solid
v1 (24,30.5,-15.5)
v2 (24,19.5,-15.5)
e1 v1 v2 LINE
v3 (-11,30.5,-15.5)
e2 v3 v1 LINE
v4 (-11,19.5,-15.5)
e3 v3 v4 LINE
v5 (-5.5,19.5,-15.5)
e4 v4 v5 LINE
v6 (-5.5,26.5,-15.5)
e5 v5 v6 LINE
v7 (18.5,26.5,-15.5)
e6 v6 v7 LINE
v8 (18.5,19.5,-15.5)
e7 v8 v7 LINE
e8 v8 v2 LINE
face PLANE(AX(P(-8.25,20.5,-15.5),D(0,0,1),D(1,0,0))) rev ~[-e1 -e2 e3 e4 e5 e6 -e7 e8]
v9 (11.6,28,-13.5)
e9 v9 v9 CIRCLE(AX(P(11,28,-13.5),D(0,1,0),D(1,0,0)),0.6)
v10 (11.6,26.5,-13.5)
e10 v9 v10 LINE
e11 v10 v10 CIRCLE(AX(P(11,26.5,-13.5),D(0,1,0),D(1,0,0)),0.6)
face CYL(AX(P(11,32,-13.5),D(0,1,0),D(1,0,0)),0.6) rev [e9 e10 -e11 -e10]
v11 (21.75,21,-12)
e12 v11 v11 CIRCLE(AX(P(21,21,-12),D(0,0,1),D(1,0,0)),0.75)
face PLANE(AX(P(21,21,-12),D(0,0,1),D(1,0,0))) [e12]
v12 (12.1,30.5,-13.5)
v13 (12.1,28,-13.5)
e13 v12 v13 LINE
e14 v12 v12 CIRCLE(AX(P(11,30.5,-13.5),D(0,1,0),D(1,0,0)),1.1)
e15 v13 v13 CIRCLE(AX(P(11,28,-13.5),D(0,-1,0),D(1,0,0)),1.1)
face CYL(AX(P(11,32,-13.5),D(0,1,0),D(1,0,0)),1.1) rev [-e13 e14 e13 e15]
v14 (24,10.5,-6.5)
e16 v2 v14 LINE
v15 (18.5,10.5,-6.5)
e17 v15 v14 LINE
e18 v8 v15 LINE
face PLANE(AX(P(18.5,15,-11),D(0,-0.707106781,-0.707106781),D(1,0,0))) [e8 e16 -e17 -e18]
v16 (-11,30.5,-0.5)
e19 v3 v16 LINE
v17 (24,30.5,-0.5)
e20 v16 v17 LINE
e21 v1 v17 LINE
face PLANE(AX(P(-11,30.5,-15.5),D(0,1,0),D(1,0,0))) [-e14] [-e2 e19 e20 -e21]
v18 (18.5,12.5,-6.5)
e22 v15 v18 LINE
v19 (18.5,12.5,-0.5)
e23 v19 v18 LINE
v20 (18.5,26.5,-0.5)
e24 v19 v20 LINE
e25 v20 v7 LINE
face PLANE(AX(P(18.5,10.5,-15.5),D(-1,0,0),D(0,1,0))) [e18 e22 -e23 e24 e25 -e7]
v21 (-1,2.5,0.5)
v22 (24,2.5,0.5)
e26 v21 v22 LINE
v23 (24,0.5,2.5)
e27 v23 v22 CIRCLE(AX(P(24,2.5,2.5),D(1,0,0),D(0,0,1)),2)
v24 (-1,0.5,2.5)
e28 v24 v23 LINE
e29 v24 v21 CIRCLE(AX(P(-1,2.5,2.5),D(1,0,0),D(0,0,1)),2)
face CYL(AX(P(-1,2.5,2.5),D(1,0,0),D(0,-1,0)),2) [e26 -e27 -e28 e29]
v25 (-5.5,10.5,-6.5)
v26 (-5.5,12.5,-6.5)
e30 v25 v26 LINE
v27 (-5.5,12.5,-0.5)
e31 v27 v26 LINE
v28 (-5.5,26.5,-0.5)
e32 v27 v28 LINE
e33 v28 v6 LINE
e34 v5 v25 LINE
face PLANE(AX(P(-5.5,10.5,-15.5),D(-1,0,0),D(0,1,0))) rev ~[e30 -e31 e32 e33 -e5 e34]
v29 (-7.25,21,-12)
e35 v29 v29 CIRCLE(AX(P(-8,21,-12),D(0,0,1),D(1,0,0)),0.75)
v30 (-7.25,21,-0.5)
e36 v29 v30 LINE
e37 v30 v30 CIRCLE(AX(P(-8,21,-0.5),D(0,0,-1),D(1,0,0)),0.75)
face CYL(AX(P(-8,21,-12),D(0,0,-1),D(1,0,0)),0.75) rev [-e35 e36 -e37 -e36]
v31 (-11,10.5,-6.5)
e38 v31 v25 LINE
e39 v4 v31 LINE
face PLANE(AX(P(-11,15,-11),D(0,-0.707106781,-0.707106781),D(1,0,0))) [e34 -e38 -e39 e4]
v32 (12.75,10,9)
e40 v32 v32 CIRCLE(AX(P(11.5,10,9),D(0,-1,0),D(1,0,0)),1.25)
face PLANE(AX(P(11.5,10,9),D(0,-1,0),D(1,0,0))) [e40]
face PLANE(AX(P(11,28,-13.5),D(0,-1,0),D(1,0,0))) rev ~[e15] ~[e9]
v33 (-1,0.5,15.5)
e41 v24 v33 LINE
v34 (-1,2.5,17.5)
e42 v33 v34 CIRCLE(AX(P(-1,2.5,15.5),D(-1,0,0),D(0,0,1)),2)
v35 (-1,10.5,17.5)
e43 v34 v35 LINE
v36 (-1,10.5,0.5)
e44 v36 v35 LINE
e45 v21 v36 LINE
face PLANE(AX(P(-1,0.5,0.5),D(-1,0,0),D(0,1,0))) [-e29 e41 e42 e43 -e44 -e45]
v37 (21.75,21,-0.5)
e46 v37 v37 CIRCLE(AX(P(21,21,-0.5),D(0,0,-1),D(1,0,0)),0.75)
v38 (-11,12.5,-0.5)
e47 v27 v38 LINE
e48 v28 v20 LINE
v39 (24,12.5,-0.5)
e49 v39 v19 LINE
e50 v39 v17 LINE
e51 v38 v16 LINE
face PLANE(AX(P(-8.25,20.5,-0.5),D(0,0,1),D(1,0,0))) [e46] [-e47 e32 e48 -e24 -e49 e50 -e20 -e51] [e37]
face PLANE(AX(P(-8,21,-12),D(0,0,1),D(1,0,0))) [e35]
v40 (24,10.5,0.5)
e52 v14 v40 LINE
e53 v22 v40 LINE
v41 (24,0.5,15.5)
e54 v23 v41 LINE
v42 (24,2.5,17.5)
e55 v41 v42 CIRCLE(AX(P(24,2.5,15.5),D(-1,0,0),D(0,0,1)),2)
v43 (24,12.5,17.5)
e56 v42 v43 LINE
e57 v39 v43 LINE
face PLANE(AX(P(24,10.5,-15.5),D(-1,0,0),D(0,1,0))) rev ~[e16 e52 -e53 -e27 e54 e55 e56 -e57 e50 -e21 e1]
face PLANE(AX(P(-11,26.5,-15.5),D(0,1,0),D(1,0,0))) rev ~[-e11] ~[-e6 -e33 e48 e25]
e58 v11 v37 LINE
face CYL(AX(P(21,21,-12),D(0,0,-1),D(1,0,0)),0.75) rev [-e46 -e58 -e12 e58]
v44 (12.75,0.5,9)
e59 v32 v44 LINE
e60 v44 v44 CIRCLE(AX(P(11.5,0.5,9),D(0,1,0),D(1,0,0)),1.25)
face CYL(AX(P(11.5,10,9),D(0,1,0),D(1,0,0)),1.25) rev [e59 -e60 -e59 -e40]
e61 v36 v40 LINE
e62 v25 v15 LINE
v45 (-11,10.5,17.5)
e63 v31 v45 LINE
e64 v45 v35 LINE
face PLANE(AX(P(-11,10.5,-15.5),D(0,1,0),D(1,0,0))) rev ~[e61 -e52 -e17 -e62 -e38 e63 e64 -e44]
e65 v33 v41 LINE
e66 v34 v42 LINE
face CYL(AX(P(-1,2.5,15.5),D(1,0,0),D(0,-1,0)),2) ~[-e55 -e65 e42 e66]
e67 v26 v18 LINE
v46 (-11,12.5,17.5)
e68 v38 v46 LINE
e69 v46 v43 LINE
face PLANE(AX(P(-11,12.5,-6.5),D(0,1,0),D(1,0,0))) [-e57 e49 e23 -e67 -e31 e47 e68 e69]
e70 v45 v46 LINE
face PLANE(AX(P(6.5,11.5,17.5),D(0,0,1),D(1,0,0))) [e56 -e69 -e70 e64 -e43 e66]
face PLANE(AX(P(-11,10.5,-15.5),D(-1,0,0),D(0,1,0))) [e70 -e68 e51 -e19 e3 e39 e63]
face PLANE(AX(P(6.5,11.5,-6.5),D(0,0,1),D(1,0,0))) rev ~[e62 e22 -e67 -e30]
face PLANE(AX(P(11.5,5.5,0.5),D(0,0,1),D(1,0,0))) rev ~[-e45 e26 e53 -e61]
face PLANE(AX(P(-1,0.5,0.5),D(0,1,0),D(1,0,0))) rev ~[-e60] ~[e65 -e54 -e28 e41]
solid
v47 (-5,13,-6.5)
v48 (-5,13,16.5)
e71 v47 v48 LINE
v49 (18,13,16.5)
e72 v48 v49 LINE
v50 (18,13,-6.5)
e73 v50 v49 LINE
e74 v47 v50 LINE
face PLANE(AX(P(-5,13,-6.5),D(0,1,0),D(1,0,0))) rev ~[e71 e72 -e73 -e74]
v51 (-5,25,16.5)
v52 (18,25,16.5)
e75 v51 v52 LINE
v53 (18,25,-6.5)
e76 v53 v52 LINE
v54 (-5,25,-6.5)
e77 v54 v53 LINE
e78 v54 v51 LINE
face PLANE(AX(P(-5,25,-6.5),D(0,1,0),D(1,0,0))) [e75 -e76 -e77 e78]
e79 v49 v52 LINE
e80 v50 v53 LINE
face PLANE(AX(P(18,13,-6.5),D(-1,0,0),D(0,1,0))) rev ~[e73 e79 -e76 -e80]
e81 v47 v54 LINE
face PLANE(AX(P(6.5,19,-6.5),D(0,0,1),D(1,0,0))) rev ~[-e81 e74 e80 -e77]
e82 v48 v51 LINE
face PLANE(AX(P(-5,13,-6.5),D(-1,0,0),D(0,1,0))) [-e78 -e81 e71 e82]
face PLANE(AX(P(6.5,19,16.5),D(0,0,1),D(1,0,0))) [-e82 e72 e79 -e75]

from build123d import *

# Parameters (mm, degrees)
BOX003_W               = 23
BOX003_H               = 12
BOX003_DEPTH           = 23
CYLINDER004_R          = 1.25
CYLINDER004_DEPTH      = 10
CYLINDER004_ROLL_ANGLE = 90
CYLINDER003_R          = 0.75
CYLINDER003_DEPTH      = 12
CYLINDER002_R          = 0.75
CYLINDER002_DEPTH      = 12
CYLINDER001_R          = 0.6
CYLINDER001_DEPTH      = 7
CYLINDER001_ROLL_ANGLE = 90
CYLINDER_R             = 1.1
CYLINDER_DEPTH         = 4
CYLINDER_ROLL_ANGLE    = 90
BOX_W                  = 5.5
BOX_H                  = 20
BOX_DEPTH              = 15
BOX006_W               = 35
BOX006_H               = 4
BOX006_DEPTH           = 15
BOX005_W               = 35
BOX005_H               = 2
BOX005_DEPTH           = 24
BOX004_W               = 5.5
BOX004_H               = 20
BOX004_DEPTH           = 15
CHAMFER_SIZE           = 9
BOX001_W               = 25
BOX001_H               = 10
BOX001_DEPTH           = 17
FILLET001_R            = 2


with BuildPart() as servo:
    # Box003 → Box003 (new body)
    with BuildSketch(Plane(origin=(-5, 13, -6.5), x_dir=(1, 0, 0), z_dir=(0, 0, 1))):
        with Locations((11.5, 6)):
            Rectangle(BOX003_W, BOX003_H)
    extrude(amount=BOX003_DEPTH)


with BuildPart() as cylinder004:
    # Cylinder004 → Cylinder004 (new body)
    with BuildSketch(Plane.XY):
        Circle(CYLINDER004_R)
    extrude(amount=CYLINDER004_DEPTH)


with BuildPart() as cylinder004_1:
    # Cylinder004 roll: moved
    add(cylinder004.part.rotate(Axis((0, 0, 0), (1, 0, 0)), CYLINDER004_ROLL_ANGLE))


with BuildPart() as cylinder004_2:
    # Cylinder004 placement: moved
    add(cylinder004_1.part.moved(Location((11.5, 10, 9))))


with BuildPart() as cylinder003:
    # Cylinder003 → Cylinder003 (new body)
    with BuildSketch(Plane(origin=(29, 0, 0), x_dir=(1, 0, 0), z_dir=(0, 0, 1))):
        Circle(CYLINDER003_R)
    extrude(amount=CYLINDER003_DEPTH)


with BuildPart() as fusion003:
    # Cylinder002 → Cylinder002 (new body)
    with BuildSketch(Plane.XY):
        Circle(CYLINDER002_R)
    extrude(amount=CYLINDER002_DEPTH)

    # Fusion003: union Cylinder003
    add(cylinder003.part)


with BuildPart() as fusion003_1:
    # Fusion003 placement: moved
    add(fusion003.part.moved(Location((-8, 21, -12))))


with BuildPart() as cylinder001:
    # Cylinder001 → Cylinder001 (new body)
    with BuildSketch(Plane.XY):
        Circle(CYLINDER001_R)
    extrude(amount=CYLINDER001_DEPTH)


with BuildPart() as cylinder001_1:
    # Cylinder001 roll: moved
    add(cylinder001.part.rotate(Axis((0, 0, 0), (1, 0, 0)), CYLINDER001_ROLL_ANGLE))


with BuildPart() as cylinder001_2:
    # Cylinder001 placement: moved
    add(cylinder001_1.part.moved(Location((0, 30.5, 0))))


with BuildPart() as fusion001:
    # Cylinder → Cylinder (new body)
    with BuildSketch(Plane.XY):
        Circle(CYLINDER_R)
    extrude(amount=CYLINDER_DEPTH)


with BuildPart() as fusion001_1:
    # Cylinder roll: moved
    add(fusion001.part.rotate(Axis((0, 0, 0), (1, 0, 0)), CYLINDER_ROLL_ANGLE))


with BuildPart() as fusion001_2:
    # Cylinder placement: moved
    add(fusion001_1.part.moved(Location((0, 30.5, 0))))

    # Fusion001: union Cylinder001
    add(cylinder001_2.part)


with BuildPart() as fusion001_3:
    # Fusion001 placement: moved
    add(fusion001_2.part.moved(Location((11, 1.5, -13.5))))


with BuildPart() as box:
    # Box → Box (new body)
    with BuildSketch(Plane(origin=(18.5, 10.5, -15.5), x_dir=(1, 0, 0), z_dir=(0, 0, 1))):
        with Locations((2.75, 10)):
            Rectangle(BOX_W, BOX_H)
    extrude(amount=BOX_DEPTH)


with BuildPart() as box006:
    # Box006 → Box006 (new body)
    with BuildSketch(Plane(origin=(-11, 26.5, -15.5), x_dir=(1, 0, 0), z_dir=(0, 0, 1))):
        with Locations((17.5, 2)):
            Rectangle(BOX006_W, BOX006_H)
    extrude(amount=BOX006_DEPTH)


with BuildPart() as box005:
    # Box005 → Box005 (new body)
    with BuildSketch(Plane(origin=(-11, 10.5, -6.5), x_dir=(1, 0, 0), z_dir=(0, 0, 1))):
        with Locations((17.5, 1)):
            Rectangle(BOX005_W, BOX005_H)
    extrude(amount=BOX005_DEPTH)


with BuildPart() as chamfer_body:
    # Box004 → Box004 (new body)
    with BuildSketch(Plane(origin=(-11, 10.5, -15.5), x_dir=(1, 0, 0), z_dir=(0, 0, 1))):
        with Locations((2.75, 10)):
            Rectangle(BOX004_W, BOX004_H)
    extrude(amount=BOX004_DEPTH)

    # Fusion: union Box, Box006, Box005
    add(box.part)
    add(box006.part)
    add(box005.part)

    # Cut: cut Fusion001
    add(fusion001_3.part, mode=Mode.SUBTRACT)

    # Chamfer
    chamfer_edges = [chamfer_body.edges().sort_by_distance(p)[0] for p in [
        (21.25, 10.5, -15.5),
        (-8.25, 10.5, -15.5),
    ]]
    chamfer(chamfer_edges, length=CHAMFER_SIZE)


with BuildPart() as cut002:
    # Box001 → Box001 (new body)
    with BuildSketch(Plane.XY.offset(1.5)):
        with Locations((12.5, 5)):
            Rectangle(BOX001_W, BOX001_H)
    extrude(amount=BOX001_DEPTH)

    # Fillet001
    fillet001_edges = [cut002.edges().sort_by_distance(p)[0] for p in [
        (12.5, 0, 1.5),
        (12.5, 0, 18.5),
    ]]
    fillet(fillet001_edges, radius=FILLET001_R)


with BuildPart() as cut002_1:
    # Fillet001 placement: moved
    add(cut002.part.moved(Location((-1, 0.5, -1))))

    # Fusion002: union Chamfer body
    add(chamfer_body.part)

    # Cut001: cut Fusion003
    add(fusion003_1.part, mode=Mode.SUBTRACT)

    # Cut002: cut Cylinder004
    add(cylinder004_2.part, mode=Mode.SUBTRACT)


solid = Compound([servo.part, cut002_1.part])
